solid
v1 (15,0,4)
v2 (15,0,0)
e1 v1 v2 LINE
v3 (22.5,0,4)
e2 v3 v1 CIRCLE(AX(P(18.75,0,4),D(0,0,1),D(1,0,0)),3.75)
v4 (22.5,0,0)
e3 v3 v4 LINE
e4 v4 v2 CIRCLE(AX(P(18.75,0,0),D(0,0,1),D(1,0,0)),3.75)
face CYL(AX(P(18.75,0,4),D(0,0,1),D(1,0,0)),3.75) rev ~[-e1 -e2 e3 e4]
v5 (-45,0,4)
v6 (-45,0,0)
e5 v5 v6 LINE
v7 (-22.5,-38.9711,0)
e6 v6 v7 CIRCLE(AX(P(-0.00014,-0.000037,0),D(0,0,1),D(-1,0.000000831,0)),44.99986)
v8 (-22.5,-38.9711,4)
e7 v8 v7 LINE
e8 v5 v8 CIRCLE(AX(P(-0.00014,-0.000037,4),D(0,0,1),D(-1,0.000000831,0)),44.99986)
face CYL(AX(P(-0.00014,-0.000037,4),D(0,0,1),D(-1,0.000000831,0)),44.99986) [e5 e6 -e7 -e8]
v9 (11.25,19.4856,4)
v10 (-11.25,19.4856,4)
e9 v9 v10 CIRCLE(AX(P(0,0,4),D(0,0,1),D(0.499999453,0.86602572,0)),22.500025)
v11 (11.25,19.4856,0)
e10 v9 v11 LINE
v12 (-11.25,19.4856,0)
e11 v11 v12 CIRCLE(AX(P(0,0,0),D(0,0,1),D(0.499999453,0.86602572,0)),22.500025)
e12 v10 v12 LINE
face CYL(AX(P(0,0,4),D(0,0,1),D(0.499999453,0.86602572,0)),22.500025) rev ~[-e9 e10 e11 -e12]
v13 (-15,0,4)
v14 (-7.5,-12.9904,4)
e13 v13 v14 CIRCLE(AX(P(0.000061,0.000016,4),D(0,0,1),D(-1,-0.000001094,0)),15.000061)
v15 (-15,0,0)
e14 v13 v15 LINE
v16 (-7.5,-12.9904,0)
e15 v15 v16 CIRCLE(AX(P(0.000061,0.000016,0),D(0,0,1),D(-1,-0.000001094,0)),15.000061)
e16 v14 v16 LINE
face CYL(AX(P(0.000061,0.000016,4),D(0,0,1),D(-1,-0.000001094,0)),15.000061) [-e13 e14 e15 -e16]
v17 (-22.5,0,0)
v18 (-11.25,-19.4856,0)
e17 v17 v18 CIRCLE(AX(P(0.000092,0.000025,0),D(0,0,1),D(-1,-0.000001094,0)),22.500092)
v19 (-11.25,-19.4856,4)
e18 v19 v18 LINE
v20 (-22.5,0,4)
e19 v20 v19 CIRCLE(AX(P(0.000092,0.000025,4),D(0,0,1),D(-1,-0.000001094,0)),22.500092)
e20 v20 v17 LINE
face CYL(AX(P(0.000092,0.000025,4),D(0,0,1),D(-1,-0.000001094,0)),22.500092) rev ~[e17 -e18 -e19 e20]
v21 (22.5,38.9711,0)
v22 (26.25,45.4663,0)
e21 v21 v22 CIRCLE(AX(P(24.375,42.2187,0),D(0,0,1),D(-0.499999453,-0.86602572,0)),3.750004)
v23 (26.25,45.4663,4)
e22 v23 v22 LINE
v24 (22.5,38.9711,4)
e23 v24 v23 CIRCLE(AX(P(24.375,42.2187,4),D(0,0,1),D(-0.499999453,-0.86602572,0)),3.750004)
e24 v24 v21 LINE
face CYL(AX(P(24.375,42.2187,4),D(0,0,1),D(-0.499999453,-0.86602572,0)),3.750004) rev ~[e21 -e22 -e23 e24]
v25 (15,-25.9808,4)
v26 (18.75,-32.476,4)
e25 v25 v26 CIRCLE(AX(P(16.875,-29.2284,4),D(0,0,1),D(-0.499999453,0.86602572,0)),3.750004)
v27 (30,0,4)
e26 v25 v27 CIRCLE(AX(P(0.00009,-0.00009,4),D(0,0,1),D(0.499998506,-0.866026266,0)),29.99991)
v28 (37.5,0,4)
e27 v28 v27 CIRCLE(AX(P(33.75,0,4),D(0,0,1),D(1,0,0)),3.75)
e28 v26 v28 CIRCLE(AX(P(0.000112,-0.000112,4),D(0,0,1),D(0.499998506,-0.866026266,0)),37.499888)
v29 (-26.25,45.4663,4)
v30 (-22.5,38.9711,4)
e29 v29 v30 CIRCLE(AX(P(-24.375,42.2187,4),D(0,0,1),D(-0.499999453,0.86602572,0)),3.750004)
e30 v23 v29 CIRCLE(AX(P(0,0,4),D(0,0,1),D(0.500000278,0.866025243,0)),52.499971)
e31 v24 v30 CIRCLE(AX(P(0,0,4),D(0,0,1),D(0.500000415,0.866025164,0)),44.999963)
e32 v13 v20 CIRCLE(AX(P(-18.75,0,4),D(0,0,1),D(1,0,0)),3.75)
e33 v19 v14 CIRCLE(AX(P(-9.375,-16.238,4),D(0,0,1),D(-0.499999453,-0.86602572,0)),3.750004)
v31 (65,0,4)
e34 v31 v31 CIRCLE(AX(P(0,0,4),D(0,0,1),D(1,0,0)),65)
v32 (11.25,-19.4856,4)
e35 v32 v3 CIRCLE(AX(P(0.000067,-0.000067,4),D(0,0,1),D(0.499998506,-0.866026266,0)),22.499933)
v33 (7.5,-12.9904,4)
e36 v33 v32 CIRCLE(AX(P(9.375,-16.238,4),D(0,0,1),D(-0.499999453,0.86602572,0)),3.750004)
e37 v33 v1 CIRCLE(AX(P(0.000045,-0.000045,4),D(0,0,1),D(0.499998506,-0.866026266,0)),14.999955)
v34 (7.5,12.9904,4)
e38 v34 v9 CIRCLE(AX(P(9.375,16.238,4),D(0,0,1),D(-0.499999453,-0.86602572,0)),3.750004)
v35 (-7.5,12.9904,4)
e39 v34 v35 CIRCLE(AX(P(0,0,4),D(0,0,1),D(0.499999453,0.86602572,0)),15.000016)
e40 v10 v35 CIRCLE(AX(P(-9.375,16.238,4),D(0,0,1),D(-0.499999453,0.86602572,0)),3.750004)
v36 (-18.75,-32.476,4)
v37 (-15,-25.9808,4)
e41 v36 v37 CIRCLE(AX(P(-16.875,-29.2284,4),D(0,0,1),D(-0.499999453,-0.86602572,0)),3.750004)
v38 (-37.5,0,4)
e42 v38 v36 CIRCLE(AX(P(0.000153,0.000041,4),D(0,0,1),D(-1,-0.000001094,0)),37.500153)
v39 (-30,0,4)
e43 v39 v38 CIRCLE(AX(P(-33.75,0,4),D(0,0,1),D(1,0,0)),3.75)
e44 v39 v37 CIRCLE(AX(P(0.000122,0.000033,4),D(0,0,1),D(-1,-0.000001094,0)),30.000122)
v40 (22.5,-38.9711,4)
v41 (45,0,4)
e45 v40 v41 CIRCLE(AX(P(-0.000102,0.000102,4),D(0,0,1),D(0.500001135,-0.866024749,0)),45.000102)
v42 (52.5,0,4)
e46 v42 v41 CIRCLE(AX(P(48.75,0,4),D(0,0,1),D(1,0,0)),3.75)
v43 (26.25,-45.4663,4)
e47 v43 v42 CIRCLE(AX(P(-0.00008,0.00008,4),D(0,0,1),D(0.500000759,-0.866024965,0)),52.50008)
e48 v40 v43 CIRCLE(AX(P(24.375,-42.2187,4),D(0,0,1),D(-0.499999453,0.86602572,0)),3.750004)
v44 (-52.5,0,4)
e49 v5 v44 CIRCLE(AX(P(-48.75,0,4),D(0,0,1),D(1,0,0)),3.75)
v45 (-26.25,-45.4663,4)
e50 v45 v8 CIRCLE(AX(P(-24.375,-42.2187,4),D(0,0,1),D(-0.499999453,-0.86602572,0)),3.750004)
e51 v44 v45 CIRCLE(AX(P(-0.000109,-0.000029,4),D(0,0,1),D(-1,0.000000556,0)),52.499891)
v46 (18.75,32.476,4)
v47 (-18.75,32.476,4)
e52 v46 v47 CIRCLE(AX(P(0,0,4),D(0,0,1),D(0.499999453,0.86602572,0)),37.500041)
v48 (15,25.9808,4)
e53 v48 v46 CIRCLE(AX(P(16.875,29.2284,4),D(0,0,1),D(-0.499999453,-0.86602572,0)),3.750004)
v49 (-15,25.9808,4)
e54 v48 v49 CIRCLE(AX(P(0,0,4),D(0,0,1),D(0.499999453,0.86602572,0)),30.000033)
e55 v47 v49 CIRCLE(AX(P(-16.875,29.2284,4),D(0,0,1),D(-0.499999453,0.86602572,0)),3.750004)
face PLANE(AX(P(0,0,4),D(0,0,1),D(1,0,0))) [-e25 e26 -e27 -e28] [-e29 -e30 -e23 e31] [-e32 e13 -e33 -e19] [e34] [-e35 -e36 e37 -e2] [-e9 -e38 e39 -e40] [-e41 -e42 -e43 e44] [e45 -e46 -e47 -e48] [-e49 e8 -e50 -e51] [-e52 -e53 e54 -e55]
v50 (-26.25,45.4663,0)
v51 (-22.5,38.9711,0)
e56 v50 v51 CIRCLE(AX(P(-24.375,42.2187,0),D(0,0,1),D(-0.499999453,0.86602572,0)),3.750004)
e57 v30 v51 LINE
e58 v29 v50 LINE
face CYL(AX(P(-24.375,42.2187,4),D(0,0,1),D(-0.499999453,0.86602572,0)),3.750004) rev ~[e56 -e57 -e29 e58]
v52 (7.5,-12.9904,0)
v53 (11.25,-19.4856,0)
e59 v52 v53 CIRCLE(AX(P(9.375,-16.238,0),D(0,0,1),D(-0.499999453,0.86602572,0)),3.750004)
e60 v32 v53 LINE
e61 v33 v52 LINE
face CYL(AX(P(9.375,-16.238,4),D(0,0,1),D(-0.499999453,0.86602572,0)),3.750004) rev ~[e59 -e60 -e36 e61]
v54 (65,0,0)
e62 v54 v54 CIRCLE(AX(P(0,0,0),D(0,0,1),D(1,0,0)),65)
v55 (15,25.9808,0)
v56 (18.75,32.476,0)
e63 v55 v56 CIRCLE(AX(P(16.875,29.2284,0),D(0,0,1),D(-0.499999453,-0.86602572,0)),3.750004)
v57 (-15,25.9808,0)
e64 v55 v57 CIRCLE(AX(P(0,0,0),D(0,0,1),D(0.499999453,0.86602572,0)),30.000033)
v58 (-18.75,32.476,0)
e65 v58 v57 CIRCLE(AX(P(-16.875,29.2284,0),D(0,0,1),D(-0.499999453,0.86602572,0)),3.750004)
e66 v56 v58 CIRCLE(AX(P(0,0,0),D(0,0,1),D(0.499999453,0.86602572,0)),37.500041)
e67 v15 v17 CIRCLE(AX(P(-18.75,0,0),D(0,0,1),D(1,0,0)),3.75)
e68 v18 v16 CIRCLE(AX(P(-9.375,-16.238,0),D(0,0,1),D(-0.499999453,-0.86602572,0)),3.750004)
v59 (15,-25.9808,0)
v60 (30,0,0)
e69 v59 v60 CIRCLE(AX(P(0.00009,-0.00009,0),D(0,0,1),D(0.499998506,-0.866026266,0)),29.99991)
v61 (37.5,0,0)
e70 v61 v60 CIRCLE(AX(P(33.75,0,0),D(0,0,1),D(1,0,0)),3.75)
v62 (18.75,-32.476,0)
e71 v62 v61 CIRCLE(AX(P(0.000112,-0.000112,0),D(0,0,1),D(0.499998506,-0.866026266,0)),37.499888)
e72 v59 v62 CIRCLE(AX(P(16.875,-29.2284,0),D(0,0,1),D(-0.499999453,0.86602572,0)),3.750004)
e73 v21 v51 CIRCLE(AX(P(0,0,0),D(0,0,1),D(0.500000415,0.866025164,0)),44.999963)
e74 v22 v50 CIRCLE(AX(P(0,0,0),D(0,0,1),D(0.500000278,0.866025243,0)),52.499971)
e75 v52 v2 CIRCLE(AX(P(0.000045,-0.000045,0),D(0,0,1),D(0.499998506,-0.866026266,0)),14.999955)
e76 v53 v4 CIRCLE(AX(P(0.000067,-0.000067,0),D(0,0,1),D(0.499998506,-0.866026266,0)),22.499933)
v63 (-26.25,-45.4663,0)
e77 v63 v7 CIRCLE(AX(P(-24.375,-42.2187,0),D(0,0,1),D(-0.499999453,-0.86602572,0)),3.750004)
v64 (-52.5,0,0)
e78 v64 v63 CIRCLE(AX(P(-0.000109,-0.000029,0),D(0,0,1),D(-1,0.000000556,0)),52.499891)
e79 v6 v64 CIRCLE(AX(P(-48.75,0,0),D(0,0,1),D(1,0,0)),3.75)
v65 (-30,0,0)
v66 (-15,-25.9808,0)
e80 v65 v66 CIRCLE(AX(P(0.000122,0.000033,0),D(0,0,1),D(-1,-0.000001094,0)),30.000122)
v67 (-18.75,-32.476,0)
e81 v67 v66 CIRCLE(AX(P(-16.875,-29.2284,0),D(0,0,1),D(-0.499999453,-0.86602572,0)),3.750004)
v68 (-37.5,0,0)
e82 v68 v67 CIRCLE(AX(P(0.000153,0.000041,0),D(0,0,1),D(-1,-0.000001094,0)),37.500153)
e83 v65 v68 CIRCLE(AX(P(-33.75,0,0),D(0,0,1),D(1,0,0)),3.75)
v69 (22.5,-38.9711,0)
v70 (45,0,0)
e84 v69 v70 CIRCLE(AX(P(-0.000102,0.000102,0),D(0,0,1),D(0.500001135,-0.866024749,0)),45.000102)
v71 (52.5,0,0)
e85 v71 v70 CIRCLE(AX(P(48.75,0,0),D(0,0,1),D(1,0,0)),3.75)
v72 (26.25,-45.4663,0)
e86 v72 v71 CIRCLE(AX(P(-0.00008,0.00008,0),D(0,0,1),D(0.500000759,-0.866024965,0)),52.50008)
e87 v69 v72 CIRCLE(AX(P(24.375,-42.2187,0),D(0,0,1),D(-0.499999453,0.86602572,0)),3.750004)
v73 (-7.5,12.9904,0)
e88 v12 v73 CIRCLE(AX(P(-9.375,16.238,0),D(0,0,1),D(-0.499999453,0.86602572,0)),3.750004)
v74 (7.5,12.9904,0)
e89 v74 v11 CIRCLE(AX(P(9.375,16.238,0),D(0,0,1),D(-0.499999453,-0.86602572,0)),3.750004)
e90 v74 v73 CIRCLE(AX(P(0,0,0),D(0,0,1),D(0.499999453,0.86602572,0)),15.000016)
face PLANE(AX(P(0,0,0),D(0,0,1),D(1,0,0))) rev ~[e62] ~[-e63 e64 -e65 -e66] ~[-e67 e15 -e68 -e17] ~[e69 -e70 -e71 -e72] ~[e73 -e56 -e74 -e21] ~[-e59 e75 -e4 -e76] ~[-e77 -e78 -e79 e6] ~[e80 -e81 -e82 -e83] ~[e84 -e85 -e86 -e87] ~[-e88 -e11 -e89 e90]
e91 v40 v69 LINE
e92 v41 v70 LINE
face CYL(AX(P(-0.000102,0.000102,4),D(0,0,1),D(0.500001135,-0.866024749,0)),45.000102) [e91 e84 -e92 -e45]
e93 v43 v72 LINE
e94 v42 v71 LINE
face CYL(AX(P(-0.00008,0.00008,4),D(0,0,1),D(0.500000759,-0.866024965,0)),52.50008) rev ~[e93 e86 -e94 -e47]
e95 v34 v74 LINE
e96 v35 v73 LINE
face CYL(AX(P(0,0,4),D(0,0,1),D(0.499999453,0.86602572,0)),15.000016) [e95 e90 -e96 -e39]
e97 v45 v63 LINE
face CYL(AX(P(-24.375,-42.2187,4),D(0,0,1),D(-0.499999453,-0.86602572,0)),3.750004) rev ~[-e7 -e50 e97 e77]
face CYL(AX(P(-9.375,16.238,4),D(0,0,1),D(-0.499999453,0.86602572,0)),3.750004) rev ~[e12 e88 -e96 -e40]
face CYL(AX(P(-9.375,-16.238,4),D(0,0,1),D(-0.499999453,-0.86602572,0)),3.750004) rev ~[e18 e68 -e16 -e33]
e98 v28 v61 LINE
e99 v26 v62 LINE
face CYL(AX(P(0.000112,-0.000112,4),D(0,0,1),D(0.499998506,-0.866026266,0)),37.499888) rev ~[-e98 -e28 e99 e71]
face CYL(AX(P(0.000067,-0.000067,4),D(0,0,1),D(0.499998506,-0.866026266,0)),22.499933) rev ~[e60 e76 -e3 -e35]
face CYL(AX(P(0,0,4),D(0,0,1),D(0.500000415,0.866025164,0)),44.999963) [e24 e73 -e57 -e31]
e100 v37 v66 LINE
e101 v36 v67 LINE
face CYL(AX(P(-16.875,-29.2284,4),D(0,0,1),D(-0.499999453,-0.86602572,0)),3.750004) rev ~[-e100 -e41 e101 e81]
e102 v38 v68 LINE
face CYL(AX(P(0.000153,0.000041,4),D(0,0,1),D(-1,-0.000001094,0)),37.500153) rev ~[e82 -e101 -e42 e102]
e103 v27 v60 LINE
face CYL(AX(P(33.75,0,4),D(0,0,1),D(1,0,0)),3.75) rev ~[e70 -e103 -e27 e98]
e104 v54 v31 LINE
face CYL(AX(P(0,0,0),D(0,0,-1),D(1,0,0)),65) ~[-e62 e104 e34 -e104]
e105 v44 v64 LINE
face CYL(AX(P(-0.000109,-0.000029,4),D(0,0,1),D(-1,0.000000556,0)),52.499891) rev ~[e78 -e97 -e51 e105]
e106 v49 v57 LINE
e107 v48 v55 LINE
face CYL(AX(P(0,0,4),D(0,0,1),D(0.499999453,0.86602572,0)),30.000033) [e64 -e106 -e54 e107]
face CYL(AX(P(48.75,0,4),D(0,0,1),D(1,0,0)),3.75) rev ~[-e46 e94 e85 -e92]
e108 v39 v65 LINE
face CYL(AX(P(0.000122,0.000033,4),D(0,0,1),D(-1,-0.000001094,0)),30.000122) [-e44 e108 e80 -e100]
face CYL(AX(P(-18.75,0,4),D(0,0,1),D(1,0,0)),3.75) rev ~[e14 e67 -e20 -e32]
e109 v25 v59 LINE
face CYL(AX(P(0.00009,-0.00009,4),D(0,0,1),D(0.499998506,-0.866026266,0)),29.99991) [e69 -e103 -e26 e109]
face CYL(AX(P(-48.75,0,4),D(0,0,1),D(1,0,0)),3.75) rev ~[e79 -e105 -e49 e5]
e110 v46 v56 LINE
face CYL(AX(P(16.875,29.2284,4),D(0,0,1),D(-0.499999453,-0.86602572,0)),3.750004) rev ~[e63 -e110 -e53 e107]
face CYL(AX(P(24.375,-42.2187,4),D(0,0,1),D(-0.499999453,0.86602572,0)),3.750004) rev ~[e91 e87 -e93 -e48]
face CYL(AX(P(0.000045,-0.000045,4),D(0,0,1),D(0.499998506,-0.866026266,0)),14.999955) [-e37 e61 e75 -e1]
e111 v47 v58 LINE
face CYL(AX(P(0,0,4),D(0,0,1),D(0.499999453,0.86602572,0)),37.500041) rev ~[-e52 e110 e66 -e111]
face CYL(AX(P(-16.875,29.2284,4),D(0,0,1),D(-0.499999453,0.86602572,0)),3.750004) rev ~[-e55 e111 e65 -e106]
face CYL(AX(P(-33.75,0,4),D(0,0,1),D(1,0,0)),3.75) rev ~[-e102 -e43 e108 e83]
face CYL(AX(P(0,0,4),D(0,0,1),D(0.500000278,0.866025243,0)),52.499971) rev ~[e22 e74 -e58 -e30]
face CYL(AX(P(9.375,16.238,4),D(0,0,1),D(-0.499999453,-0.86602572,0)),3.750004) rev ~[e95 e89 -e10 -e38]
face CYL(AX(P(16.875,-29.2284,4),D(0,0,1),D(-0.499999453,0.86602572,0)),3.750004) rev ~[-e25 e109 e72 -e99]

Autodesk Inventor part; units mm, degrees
ref_plane "YZ Plane" through (0, 0, 0) normal (1, 0, 0) x (0, 1, 0)
ref_plane "XZ Plane" through (0, 0, 0) normal (0, 1, 0) x (-1, 0, 0)
ref_plane "XY Plane" through (0, 0, 0) normal (0, 0, 1) x (1, 0, 0)
sketch "Эскиз1" plane through (0, 0, 0) normal (0, 0, 1) x (1, 0, 0)
  circle A0 centre (0, 0) radius 65
  dimension "d0" = 130
extrude "Выдавливание1" add sketch "Эскиз1" along normal blind 4
sketch "Эскиз2" plane through (0, 0, 4) normal (0, 0, 1) x (1, 0, 0)
  line L0 (-91, 0) -> (91, 0) projected
  line L1 (0, -91) -> (0, 91) projected
  arc A0 (7.5, 12.9904) -> (11.25, 19.4856) centre (9.375, 16.238) ccw
  arc A1 (15, 25.9808) -> (18.75, 32.476) centre (16.875, 29.2284) ccw
  arc A2 (22.5, 38.9711) -> (26.25, 45.4663) centre (24.375, 42.2187) ccw
  arc A3 (-11.25, 19.4856) -> (-7.5, 12.9904) centre (-9.375, 16.238) ccw
  arc A4 (-18.75, 32.476) -> (-15, 25.9808) centre (-16.875, 29.2284) ccw
  arc A5 (-26.25, 45.4663) -> (-22.5, 38.9711) centre (-24.375, 42.2187) ccw
  arc A6 (7.5, 12.9904) -> (-7.5, 12.9904) centre (0, 0) ccw
  arc A7 (11.25, 19.4856) -> (-11.25, 19.4856) centre (0, 0) ccw
  arc A8 (15, 25.9808) -> (-15, 25.9808) centre (0, 0) ccw
  arc A9 (18.75, 32.476) -> (-18.75, 32.476) centre (0, 0) ccw
  arc A10 (22.5, 38.9711) -> (-22.5, 38.9711) centre (0, 0) ccw
  arc A11 (26.25, 45.4663) -> (-26.25, 45.4663) centre (0, 0) ccw
  arc A12 (-52.5, 0) -> (-26.25, -45.4663) centre (0, 0) ccw
  arc A13 (-45, 0) -> (-22.5, -38.9711) centre (0, 0) ccw
  arc A14 (-26.25, -45.4663) -> (-22.5, -38.9711) centre (-24.375, -42.2187) ccw
  arc A15 (-45, 0) -> (-52.5, 0) centre (-48.75, 0) ccw
  arc A16 (-30, 0) -> (-37.5, 0) centre (-33.75, 0) ccw
  arc A17 (-37.5, 0) -> (-18.75, -32.476) centre (0, 0) ccw
  arc A18 (-30, 0) -> (-15, -25.9808) centre (0, 0) ccw
  arc A19 (-18.75, -32.476) -> (-15, -25.9808) centre (-16.875, -29.2284) ccw
  arc A20 (-22.5, 0) -> (-11.25, -19.4856) centre (0, 0) ccw
  arc A21 (-15, 0) -> (-7.5, -12.9904) centre (0, 0) ccw
  arc A22 (-11.25, -19.4856) -> (-7.5, -12.9904) centre (-9.375, -16.238) ccw
  arc A23 (-15, 0) -> (-22.5, 0) centre (-18.75, 0) ccw
  arc A24 (26.25, -45.4663) -> (52.5, 0) centre (0, 0) ccw
  arc A25 (22.5, -38.9711) -> (45, 0) centre (0, 0) ccw
  arc A26 (52.5, 0) -> (45, 0) centre (48.75, 0) ccw
  arc A27 (22.5, -38.9711) -> (26.25, -45.4663) centre (24.375, -42.2187) ccw
  arc A28 (15, -25.9808) -> (18.75, -32.476) centre (16.875, -29.2284) ccw
  arc A29 (18.75, -32.476) -> (37.5, 0) centre (0, 0) ccw
  arc A30 (15, -25.9808) -> (30, 0) centre (0, 0) ccw
  arc A31 (37.5, 0) -> (30, 0) centre (33.75, 0) ccw
  arc A32 (11.25, -19.4856) -> (22.5, 0) centre (0, 0) ccw
  arc A33 (7.5, -12.9904) -> (15, 0) centre (0, 0) ccw
  arc A34 (22.5, 0) -> (15, 0) centre (18.75, 0) ccw
  arc A35 (7.5, -12.9904) -> (11.25, -19.4856) centre (9.375, -16.238) ccw
  circle A36 centre (0, 0) radius 14
  dimension "d12" = 360
  dimension "d24" = 28
extrude "Выдавливание2" cut sketch "Эскиз2" against normal through all contours A15 L0 | L0 A13 A14 A12 | A10 A5 A11 L1 | L1 A11 A2 A10 | A8 A4 A9 L1 | L1 A9 A1 A8 | A6 A3 A7 L1 | L1 A7 A0 A6 | A26 L0 | L0 A24 A27 A25 | A31 L0 | L0 A29 A28 A30 | A34 L0 | L0 A32 A35 A33 | A23 L0 | L0 A21 A22 A20 | A16 L0 | L0 A18 A19 A17
properties part number "Моя пластина"
